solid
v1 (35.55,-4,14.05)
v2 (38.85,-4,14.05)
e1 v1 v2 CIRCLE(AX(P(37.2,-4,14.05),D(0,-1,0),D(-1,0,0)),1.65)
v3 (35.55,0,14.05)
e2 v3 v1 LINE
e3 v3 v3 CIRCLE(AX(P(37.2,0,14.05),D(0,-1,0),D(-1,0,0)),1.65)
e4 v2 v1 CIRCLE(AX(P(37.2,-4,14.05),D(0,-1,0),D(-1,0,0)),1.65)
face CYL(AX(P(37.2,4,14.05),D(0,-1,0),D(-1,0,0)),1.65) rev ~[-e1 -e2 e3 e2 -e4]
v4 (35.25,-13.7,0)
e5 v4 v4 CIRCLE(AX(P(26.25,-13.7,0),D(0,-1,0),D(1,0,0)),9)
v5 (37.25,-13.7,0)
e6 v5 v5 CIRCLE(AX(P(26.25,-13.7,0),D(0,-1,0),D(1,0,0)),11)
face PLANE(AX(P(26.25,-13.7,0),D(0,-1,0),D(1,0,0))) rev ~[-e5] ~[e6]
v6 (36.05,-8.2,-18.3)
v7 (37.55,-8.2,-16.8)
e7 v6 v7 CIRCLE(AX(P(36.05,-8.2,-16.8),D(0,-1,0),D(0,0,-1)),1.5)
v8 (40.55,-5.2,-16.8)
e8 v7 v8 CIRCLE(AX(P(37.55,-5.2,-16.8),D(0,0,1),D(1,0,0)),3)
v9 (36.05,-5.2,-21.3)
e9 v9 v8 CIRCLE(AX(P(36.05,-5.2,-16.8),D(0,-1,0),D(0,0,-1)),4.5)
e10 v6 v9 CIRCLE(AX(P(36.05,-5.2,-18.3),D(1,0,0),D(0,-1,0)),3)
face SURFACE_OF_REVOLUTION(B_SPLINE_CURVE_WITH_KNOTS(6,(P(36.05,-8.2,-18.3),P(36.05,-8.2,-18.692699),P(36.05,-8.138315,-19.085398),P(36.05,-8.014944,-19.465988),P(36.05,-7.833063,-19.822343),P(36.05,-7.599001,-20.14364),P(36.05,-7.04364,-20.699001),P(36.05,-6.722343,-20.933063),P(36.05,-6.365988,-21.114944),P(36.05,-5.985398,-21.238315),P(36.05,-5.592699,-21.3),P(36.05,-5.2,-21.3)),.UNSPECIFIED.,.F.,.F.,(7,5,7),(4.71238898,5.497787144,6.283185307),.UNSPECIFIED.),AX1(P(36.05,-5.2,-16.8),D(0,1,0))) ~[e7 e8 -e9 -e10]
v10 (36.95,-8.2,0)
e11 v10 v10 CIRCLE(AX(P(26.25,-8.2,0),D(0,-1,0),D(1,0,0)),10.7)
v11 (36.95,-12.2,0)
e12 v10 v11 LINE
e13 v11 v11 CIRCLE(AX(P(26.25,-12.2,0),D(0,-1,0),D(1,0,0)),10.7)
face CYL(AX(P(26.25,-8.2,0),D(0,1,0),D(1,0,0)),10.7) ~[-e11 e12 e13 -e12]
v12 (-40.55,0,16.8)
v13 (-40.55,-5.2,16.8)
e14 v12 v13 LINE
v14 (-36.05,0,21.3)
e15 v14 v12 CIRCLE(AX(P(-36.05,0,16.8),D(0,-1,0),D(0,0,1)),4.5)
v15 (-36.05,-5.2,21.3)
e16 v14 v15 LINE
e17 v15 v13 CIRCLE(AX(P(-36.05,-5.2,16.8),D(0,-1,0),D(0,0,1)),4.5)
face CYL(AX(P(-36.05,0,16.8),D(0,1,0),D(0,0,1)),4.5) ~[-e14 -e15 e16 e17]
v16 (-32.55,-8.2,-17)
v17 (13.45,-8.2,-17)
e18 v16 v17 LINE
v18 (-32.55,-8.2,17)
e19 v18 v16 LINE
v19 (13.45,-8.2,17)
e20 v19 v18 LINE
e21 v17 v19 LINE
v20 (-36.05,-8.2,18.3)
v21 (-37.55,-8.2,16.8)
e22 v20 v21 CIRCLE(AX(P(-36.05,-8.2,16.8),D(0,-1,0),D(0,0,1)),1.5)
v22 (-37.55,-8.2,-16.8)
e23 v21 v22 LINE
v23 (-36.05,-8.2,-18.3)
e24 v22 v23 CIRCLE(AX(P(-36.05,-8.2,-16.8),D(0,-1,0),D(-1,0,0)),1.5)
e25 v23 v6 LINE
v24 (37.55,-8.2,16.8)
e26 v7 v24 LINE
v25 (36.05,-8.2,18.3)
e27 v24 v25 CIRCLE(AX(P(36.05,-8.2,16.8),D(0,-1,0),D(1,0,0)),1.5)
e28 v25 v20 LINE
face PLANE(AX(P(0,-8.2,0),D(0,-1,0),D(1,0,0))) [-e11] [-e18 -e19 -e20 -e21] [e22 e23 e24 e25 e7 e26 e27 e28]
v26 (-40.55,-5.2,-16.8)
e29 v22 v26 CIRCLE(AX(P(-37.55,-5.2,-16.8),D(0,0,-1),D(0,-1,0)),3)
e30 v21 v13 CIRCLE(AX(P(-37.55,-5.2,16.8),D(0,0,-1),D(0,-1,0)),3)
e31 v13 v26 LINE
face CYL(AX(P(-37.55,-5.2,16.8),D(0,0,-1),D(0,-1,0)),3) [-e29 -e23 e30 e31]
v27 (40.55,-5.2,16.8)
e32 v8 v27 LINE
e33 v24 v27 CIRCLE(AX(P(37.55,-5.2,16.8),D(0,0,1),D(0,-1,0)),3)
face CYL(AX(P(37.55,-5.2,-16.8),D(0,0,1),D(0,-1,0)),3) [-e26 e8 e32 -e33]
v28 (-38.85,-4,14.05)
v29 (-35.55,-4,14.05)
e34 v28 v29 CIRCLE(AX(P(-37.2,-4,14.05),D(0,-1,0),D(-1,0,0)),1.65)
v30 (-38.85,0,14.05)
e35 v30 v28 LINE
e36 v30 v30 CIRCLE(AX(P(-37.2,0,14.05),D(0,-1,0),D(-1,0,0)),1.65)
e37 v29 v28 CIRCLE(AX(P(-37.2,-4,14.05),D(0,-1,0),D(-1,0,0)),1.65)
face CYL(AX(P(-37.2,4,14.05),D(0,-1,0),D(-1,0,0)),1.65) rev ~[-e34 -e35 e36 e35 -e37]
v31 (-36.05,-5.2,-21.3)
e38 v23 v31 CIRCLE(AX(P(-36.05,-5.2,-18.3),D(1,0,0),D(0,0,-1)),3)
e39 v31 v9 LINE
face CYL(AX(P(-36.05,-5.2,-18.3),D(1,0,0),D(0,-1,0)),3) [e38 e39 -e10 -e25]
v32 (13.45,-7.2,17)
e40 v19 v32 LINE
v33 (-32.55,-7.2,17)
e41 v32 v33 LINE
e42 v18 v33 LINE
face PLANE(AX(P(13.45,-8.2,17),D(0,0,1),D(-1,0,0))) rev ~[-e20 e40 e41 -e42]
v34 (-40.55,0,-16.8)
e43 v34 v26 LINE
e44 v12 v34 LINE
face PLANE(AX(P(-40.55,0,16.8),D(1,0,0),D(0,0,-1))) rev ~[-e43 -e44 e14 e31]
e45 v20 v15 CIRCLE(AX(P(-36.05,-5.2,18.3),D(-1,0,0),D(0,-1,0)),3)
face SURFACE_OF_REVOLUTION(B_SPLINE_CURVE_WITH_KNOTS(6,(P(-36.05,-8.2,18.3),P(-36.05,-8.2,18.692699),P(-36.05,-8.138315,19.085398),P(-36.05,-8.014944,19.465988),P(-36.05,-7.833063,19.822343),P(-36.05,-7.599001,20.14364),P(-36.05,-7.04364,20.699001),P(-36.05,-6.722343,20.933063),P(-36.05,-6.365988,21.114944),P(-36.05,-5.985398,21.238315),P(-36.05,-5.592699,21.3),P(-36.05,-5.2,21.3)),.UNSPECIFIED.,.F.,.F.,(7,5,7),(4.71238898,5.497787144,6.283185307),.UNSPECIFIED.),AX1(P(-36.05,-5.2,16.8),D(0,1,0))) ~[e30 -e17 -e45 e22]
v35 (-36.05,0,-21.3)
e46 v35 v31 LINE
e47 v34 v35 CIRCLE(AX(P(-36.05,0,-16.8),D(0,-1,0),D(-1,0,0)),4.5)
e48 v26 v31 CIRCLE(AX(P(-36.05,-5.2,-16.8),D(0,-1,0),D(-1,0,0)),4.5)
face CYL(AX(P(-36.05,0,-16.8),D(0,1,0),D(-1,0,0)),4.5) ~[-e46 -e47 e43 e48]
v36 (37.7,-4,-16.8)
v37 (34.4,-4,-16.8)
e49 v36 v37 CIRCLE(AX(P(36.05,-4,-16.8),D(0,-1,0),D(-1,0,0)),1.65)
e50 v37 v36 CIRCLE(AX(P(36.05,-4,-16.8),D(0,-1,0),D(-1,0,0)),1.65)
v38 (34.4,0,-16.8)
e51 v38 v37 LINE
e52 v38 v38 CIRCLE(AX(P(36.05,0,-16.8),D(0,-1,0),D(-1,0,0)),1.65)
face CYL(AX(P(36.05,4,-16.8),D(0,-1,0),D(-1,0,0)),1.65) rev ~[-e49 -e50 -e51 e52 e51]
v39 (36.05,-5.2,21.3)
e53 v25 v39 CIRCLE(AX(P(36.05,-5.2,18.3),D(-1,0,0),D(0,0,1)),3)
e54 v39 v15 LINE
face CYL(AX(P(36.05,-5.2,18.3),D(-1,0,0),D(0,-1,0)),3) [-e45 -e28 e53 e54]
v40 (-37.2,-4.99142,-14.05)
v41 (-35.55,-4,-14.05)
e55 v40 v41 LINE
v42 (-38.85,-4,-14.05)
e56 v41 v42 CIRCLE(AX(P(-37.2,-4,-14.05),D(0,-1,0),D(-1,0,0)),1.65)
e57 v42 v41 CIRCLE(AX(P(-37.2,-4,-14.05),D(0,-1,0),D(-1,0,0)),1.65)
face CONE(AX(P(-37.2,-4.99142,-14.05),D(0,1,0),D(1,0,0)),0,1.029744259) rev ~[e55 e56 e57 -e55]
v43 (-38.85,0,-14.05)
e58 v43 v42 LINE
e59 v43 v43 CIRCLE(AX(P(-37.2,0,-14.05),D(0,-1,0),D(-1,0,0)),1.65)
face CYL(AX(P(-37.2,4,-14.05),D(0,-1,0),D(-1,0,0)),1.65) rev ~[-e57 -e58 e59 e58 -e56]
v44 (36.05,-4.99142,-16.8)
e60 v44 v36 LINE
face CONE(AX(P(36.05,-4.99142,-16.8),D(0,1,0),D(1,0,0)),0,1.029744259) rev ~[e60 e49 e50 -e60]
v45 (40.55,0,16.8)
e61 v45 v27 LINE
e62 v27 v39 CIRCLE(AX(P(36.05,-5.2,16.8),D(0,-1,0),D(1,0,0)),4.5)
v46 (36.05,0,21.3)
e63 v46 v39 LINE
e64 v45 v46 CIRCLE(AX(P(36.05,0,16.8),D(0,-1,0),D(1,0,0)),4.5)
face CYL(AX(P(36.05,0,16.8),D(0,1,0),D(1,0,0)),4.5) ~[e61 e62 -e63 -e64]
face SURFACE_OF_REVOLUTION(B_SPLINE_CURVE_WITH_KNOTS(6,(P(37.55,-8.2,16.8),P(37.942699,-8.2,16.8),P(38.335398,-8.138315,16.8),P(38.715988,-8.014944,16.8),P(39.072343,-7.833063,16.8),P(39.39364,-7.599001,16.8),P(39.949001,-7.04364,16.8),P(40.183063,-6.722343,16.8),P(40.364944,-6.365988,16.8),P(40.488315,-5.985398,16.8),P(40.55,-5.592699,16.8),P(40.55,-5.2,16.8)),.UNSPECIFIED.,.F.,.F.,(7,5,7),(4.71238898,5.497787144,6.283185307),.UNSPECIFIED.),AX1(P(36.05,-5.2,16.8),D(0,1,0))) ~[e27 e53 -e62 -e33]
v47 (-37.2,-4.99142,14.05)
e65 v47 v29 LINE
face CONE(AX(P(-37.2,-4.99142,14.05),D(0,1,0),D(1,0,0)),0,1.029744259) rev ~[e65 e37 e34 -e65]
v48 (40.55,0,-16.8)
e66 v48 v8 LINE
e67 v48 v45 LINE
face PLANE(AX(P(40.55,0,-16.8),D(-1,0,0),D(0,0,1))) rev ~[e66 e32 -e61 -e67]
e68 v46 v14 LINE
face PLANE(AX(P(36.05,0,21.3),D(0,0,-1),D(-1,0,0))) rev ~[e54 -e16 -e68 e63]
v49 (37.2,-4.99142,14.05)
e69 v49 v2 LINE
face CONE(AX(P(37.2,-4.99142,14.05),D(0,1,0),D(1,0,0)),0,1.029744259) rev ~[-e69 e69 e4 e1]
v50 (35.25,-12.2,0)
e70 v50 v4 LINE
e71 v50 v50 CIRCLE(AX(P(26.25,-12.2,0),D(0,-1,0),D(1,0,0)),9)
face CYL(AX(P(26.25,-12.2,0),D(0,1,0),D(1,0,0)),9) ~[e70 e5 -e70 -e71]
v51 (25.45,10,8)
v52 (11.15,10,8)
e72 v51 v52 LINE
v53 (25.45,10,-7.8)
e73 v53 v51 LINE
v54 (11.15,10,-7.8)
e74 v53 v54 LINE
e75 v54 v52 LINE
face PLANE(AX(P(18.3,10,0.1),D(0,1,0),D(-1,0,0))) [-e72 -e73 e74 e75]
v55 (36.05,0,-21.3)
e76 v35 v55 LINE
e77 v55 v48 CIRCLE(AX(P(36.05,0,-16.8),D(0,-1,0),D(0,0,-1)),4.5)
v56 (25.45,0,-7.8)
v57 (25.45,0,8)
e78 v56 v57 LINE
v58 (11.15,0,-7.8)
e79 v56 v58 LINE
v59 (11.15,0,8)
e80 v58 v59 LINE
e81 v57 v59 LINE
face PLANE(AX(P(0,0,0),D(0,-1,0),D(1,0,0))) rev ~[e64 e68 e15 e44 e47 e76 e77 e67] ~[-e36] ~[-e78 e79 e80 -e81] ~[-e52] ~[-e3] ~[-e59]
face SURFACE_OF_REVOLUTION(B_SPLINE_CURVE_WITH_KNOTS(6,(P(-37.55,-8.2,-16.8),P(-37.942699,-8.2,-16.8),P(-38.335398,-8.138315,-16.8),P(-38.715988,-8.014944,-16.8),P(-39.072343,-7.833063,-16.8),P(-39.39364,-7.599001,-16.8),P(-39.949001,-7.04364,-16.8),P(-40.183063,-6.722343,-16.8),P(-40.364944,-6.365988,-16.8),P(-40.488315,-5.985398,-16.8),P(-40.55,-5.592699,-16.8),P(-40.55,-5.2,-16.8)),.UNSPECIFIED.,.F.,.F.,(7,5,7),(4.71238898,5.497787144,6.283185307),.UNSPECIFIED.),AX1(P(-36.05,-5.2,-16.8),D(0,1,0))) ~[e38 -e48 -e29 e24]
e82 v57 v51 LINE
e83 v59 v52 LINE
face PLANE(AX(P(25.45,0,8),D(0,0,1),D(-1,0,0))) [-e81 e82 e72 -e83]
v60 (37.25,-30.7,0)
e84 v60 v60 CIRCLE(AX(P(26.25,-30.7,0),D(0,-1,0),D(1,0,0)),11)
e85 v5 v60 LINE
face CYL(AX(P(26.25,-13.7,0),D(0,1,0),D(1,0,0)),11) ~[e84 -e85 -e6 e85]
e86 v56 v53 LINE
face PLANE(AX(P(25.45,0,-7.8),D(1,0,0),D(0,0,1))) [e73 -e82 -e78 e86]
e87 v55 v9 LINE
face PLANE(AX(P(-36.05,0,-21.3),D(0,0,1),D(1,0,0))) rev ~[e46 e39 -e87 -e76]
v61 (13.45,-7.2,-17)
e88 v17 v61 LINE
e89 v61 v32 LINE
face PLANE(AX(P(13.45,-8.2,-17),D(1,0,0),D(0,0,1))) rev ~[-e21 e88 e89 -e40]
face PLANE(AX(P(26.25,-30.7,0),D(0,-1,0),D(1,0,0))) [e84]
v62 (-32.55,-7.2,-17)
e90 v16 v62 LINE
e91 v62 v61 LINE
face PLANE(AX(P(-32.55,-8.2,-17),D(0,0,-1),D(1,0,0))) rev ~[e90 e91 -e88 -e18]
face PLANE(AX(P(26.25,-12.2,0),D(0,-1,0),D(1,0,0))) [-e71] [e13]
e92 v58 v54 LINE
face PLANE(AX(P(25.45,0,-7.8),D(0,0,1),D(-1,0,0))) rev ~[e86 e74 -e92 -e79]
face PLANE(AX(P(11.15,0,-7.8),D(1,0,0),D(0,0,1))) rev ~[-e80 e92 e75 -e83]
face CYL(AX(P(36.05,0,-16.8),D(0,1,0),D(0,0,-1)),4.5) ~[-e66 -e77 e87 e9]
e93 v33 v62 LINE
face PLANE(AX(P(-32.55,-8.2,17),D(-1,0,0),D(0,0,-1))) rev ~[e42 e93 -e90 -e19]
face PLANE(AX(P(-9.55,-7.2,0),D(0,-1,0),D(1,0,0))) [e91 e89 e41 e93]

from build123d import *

# Parameters (mm, degrees)
F1_DEPTH  = 8.2
F2_W      = 14.3
F2_H      = 15.8
F3_DEPTH  = 10
F4_R      = 10.7
F5_DEPTH  = 4
F7_DEPTH  = 1
F8_R      = 3
F9_D      = 3.3
F9_DEPTH  = 4
F9_TIP    = 0.9914200214
F10_R     = 9
F11_DEPTH = 1.5
F12_R     = 11
F12_R_2   = 9
F13_DEPTH = 17


with BuildPart() as f1:
    # F0 (on Front) → F1 (new body)
    with BuildSketch(Plane.XZ):
        with BuildLine():
            ThreePointArc((40.55, 16.8), (39.2319805153, 19.9819805153), (36.05, 21.3))
            Line((36.05, 21.3), (-36.05, 21.3))
            ThreePointArc((-36.05, 21.3), (-39.2319805153, 19.9819805153), (-40.55, 16.8))
            Line((-40.55, 16.8), (-40.55, -16.8))
            ThreePointArc((-40.55, -16.8), (-39.2319805153, -19.9819805153), (-36.05, -21.3))
            Line((-36.05, -21.3), (36.05, -21.3))
            ThreePointArc((36.05, -21.3), (39.2319805153, -19.9819805153), (40.55, -16.8))
            Line((40.55, -16.8), (40.55, 16.8))
        make_face()
    extrude(amount=F1_DEPTH)

    # F2 (on face) → F3 (join)
    with BuildSketch(Plane(origin=(0, 0, 0), x_dir=(-1, 0, 0), z_dir=(0, 1, 0))):
        with Locations((-18.3, 0.1)):
            Rectangle(F2_W, F2_H)
    extrude(amount=F3_DEPTH)

    # F4 (on face) → F5 (join)
    with BuildSketch(Plane.XZ.offset(8.2)):
        with Locations((26.25, 0)):
            Circle(F4_R)
    extrude(amount=F5_DEPTH)

    # F6 (on face) → F7 (cut)
    with BuildSketch(Plane.XZ.offset(8.2)):
        Polygon((-32.55, 0), (-32.55, -17), (13.45, -17), (13.45, 17), (-32.55, 17), align=None)
    extrude(amount=-F7_DEPTH, mode=Mode.SUBTRACT)

    # F8
    f8_edges = [f1.edges().sort_by_distance(p)[0] for p in [
        (-40.55, -8.2, 0),
        (-39.231981, -8.2, -19.981981),
        (40.55, -8.2, 0),
    ]]
    fillet(f8_edges, radius=F8_R)

    # F9
    with Locations(Plane(origin=(0, 0, 0), x_dir=(1, 0, 0), z_dir=(0, 1, 0))):
        with Locations((37.2, -14.05), (36.05, 16.8), (-37.2, 14.05), (-37.2, -14.05)):
            Hole(F9_D / 2, depth=F9_DEPTH)
            with Locations((0, 0, -(F9_DEPTH + F9_TIP / 2))):  # 118° drill point
                Cone(0, F9_D / 2, F9_TIP, mode=Mode.SUBTRACT)

    # F10 (on face) → F11 (join)
    with BuildSketch(Plane.XZ.offset(12.2)):
        with Locations((26.25, 0)):
            Circle(F10_R)
    extrude(amount=F11_DEPTH)

    # F12 (on face) → F13 (join)
    with BuildSketch(Plane.XZ.offset(13.7)):
        with Locations((26.25, 0)):
            Circle(F12_R)
        with Locations((26.25, 0)):
            Circle(F12_R_2, mode=Mode.SUBTRACT)
        with Locations((26.25, 0)):
            Circle(F12_R_2)
    extrude(amount=F13_DEPTH)


solid = f1.part
